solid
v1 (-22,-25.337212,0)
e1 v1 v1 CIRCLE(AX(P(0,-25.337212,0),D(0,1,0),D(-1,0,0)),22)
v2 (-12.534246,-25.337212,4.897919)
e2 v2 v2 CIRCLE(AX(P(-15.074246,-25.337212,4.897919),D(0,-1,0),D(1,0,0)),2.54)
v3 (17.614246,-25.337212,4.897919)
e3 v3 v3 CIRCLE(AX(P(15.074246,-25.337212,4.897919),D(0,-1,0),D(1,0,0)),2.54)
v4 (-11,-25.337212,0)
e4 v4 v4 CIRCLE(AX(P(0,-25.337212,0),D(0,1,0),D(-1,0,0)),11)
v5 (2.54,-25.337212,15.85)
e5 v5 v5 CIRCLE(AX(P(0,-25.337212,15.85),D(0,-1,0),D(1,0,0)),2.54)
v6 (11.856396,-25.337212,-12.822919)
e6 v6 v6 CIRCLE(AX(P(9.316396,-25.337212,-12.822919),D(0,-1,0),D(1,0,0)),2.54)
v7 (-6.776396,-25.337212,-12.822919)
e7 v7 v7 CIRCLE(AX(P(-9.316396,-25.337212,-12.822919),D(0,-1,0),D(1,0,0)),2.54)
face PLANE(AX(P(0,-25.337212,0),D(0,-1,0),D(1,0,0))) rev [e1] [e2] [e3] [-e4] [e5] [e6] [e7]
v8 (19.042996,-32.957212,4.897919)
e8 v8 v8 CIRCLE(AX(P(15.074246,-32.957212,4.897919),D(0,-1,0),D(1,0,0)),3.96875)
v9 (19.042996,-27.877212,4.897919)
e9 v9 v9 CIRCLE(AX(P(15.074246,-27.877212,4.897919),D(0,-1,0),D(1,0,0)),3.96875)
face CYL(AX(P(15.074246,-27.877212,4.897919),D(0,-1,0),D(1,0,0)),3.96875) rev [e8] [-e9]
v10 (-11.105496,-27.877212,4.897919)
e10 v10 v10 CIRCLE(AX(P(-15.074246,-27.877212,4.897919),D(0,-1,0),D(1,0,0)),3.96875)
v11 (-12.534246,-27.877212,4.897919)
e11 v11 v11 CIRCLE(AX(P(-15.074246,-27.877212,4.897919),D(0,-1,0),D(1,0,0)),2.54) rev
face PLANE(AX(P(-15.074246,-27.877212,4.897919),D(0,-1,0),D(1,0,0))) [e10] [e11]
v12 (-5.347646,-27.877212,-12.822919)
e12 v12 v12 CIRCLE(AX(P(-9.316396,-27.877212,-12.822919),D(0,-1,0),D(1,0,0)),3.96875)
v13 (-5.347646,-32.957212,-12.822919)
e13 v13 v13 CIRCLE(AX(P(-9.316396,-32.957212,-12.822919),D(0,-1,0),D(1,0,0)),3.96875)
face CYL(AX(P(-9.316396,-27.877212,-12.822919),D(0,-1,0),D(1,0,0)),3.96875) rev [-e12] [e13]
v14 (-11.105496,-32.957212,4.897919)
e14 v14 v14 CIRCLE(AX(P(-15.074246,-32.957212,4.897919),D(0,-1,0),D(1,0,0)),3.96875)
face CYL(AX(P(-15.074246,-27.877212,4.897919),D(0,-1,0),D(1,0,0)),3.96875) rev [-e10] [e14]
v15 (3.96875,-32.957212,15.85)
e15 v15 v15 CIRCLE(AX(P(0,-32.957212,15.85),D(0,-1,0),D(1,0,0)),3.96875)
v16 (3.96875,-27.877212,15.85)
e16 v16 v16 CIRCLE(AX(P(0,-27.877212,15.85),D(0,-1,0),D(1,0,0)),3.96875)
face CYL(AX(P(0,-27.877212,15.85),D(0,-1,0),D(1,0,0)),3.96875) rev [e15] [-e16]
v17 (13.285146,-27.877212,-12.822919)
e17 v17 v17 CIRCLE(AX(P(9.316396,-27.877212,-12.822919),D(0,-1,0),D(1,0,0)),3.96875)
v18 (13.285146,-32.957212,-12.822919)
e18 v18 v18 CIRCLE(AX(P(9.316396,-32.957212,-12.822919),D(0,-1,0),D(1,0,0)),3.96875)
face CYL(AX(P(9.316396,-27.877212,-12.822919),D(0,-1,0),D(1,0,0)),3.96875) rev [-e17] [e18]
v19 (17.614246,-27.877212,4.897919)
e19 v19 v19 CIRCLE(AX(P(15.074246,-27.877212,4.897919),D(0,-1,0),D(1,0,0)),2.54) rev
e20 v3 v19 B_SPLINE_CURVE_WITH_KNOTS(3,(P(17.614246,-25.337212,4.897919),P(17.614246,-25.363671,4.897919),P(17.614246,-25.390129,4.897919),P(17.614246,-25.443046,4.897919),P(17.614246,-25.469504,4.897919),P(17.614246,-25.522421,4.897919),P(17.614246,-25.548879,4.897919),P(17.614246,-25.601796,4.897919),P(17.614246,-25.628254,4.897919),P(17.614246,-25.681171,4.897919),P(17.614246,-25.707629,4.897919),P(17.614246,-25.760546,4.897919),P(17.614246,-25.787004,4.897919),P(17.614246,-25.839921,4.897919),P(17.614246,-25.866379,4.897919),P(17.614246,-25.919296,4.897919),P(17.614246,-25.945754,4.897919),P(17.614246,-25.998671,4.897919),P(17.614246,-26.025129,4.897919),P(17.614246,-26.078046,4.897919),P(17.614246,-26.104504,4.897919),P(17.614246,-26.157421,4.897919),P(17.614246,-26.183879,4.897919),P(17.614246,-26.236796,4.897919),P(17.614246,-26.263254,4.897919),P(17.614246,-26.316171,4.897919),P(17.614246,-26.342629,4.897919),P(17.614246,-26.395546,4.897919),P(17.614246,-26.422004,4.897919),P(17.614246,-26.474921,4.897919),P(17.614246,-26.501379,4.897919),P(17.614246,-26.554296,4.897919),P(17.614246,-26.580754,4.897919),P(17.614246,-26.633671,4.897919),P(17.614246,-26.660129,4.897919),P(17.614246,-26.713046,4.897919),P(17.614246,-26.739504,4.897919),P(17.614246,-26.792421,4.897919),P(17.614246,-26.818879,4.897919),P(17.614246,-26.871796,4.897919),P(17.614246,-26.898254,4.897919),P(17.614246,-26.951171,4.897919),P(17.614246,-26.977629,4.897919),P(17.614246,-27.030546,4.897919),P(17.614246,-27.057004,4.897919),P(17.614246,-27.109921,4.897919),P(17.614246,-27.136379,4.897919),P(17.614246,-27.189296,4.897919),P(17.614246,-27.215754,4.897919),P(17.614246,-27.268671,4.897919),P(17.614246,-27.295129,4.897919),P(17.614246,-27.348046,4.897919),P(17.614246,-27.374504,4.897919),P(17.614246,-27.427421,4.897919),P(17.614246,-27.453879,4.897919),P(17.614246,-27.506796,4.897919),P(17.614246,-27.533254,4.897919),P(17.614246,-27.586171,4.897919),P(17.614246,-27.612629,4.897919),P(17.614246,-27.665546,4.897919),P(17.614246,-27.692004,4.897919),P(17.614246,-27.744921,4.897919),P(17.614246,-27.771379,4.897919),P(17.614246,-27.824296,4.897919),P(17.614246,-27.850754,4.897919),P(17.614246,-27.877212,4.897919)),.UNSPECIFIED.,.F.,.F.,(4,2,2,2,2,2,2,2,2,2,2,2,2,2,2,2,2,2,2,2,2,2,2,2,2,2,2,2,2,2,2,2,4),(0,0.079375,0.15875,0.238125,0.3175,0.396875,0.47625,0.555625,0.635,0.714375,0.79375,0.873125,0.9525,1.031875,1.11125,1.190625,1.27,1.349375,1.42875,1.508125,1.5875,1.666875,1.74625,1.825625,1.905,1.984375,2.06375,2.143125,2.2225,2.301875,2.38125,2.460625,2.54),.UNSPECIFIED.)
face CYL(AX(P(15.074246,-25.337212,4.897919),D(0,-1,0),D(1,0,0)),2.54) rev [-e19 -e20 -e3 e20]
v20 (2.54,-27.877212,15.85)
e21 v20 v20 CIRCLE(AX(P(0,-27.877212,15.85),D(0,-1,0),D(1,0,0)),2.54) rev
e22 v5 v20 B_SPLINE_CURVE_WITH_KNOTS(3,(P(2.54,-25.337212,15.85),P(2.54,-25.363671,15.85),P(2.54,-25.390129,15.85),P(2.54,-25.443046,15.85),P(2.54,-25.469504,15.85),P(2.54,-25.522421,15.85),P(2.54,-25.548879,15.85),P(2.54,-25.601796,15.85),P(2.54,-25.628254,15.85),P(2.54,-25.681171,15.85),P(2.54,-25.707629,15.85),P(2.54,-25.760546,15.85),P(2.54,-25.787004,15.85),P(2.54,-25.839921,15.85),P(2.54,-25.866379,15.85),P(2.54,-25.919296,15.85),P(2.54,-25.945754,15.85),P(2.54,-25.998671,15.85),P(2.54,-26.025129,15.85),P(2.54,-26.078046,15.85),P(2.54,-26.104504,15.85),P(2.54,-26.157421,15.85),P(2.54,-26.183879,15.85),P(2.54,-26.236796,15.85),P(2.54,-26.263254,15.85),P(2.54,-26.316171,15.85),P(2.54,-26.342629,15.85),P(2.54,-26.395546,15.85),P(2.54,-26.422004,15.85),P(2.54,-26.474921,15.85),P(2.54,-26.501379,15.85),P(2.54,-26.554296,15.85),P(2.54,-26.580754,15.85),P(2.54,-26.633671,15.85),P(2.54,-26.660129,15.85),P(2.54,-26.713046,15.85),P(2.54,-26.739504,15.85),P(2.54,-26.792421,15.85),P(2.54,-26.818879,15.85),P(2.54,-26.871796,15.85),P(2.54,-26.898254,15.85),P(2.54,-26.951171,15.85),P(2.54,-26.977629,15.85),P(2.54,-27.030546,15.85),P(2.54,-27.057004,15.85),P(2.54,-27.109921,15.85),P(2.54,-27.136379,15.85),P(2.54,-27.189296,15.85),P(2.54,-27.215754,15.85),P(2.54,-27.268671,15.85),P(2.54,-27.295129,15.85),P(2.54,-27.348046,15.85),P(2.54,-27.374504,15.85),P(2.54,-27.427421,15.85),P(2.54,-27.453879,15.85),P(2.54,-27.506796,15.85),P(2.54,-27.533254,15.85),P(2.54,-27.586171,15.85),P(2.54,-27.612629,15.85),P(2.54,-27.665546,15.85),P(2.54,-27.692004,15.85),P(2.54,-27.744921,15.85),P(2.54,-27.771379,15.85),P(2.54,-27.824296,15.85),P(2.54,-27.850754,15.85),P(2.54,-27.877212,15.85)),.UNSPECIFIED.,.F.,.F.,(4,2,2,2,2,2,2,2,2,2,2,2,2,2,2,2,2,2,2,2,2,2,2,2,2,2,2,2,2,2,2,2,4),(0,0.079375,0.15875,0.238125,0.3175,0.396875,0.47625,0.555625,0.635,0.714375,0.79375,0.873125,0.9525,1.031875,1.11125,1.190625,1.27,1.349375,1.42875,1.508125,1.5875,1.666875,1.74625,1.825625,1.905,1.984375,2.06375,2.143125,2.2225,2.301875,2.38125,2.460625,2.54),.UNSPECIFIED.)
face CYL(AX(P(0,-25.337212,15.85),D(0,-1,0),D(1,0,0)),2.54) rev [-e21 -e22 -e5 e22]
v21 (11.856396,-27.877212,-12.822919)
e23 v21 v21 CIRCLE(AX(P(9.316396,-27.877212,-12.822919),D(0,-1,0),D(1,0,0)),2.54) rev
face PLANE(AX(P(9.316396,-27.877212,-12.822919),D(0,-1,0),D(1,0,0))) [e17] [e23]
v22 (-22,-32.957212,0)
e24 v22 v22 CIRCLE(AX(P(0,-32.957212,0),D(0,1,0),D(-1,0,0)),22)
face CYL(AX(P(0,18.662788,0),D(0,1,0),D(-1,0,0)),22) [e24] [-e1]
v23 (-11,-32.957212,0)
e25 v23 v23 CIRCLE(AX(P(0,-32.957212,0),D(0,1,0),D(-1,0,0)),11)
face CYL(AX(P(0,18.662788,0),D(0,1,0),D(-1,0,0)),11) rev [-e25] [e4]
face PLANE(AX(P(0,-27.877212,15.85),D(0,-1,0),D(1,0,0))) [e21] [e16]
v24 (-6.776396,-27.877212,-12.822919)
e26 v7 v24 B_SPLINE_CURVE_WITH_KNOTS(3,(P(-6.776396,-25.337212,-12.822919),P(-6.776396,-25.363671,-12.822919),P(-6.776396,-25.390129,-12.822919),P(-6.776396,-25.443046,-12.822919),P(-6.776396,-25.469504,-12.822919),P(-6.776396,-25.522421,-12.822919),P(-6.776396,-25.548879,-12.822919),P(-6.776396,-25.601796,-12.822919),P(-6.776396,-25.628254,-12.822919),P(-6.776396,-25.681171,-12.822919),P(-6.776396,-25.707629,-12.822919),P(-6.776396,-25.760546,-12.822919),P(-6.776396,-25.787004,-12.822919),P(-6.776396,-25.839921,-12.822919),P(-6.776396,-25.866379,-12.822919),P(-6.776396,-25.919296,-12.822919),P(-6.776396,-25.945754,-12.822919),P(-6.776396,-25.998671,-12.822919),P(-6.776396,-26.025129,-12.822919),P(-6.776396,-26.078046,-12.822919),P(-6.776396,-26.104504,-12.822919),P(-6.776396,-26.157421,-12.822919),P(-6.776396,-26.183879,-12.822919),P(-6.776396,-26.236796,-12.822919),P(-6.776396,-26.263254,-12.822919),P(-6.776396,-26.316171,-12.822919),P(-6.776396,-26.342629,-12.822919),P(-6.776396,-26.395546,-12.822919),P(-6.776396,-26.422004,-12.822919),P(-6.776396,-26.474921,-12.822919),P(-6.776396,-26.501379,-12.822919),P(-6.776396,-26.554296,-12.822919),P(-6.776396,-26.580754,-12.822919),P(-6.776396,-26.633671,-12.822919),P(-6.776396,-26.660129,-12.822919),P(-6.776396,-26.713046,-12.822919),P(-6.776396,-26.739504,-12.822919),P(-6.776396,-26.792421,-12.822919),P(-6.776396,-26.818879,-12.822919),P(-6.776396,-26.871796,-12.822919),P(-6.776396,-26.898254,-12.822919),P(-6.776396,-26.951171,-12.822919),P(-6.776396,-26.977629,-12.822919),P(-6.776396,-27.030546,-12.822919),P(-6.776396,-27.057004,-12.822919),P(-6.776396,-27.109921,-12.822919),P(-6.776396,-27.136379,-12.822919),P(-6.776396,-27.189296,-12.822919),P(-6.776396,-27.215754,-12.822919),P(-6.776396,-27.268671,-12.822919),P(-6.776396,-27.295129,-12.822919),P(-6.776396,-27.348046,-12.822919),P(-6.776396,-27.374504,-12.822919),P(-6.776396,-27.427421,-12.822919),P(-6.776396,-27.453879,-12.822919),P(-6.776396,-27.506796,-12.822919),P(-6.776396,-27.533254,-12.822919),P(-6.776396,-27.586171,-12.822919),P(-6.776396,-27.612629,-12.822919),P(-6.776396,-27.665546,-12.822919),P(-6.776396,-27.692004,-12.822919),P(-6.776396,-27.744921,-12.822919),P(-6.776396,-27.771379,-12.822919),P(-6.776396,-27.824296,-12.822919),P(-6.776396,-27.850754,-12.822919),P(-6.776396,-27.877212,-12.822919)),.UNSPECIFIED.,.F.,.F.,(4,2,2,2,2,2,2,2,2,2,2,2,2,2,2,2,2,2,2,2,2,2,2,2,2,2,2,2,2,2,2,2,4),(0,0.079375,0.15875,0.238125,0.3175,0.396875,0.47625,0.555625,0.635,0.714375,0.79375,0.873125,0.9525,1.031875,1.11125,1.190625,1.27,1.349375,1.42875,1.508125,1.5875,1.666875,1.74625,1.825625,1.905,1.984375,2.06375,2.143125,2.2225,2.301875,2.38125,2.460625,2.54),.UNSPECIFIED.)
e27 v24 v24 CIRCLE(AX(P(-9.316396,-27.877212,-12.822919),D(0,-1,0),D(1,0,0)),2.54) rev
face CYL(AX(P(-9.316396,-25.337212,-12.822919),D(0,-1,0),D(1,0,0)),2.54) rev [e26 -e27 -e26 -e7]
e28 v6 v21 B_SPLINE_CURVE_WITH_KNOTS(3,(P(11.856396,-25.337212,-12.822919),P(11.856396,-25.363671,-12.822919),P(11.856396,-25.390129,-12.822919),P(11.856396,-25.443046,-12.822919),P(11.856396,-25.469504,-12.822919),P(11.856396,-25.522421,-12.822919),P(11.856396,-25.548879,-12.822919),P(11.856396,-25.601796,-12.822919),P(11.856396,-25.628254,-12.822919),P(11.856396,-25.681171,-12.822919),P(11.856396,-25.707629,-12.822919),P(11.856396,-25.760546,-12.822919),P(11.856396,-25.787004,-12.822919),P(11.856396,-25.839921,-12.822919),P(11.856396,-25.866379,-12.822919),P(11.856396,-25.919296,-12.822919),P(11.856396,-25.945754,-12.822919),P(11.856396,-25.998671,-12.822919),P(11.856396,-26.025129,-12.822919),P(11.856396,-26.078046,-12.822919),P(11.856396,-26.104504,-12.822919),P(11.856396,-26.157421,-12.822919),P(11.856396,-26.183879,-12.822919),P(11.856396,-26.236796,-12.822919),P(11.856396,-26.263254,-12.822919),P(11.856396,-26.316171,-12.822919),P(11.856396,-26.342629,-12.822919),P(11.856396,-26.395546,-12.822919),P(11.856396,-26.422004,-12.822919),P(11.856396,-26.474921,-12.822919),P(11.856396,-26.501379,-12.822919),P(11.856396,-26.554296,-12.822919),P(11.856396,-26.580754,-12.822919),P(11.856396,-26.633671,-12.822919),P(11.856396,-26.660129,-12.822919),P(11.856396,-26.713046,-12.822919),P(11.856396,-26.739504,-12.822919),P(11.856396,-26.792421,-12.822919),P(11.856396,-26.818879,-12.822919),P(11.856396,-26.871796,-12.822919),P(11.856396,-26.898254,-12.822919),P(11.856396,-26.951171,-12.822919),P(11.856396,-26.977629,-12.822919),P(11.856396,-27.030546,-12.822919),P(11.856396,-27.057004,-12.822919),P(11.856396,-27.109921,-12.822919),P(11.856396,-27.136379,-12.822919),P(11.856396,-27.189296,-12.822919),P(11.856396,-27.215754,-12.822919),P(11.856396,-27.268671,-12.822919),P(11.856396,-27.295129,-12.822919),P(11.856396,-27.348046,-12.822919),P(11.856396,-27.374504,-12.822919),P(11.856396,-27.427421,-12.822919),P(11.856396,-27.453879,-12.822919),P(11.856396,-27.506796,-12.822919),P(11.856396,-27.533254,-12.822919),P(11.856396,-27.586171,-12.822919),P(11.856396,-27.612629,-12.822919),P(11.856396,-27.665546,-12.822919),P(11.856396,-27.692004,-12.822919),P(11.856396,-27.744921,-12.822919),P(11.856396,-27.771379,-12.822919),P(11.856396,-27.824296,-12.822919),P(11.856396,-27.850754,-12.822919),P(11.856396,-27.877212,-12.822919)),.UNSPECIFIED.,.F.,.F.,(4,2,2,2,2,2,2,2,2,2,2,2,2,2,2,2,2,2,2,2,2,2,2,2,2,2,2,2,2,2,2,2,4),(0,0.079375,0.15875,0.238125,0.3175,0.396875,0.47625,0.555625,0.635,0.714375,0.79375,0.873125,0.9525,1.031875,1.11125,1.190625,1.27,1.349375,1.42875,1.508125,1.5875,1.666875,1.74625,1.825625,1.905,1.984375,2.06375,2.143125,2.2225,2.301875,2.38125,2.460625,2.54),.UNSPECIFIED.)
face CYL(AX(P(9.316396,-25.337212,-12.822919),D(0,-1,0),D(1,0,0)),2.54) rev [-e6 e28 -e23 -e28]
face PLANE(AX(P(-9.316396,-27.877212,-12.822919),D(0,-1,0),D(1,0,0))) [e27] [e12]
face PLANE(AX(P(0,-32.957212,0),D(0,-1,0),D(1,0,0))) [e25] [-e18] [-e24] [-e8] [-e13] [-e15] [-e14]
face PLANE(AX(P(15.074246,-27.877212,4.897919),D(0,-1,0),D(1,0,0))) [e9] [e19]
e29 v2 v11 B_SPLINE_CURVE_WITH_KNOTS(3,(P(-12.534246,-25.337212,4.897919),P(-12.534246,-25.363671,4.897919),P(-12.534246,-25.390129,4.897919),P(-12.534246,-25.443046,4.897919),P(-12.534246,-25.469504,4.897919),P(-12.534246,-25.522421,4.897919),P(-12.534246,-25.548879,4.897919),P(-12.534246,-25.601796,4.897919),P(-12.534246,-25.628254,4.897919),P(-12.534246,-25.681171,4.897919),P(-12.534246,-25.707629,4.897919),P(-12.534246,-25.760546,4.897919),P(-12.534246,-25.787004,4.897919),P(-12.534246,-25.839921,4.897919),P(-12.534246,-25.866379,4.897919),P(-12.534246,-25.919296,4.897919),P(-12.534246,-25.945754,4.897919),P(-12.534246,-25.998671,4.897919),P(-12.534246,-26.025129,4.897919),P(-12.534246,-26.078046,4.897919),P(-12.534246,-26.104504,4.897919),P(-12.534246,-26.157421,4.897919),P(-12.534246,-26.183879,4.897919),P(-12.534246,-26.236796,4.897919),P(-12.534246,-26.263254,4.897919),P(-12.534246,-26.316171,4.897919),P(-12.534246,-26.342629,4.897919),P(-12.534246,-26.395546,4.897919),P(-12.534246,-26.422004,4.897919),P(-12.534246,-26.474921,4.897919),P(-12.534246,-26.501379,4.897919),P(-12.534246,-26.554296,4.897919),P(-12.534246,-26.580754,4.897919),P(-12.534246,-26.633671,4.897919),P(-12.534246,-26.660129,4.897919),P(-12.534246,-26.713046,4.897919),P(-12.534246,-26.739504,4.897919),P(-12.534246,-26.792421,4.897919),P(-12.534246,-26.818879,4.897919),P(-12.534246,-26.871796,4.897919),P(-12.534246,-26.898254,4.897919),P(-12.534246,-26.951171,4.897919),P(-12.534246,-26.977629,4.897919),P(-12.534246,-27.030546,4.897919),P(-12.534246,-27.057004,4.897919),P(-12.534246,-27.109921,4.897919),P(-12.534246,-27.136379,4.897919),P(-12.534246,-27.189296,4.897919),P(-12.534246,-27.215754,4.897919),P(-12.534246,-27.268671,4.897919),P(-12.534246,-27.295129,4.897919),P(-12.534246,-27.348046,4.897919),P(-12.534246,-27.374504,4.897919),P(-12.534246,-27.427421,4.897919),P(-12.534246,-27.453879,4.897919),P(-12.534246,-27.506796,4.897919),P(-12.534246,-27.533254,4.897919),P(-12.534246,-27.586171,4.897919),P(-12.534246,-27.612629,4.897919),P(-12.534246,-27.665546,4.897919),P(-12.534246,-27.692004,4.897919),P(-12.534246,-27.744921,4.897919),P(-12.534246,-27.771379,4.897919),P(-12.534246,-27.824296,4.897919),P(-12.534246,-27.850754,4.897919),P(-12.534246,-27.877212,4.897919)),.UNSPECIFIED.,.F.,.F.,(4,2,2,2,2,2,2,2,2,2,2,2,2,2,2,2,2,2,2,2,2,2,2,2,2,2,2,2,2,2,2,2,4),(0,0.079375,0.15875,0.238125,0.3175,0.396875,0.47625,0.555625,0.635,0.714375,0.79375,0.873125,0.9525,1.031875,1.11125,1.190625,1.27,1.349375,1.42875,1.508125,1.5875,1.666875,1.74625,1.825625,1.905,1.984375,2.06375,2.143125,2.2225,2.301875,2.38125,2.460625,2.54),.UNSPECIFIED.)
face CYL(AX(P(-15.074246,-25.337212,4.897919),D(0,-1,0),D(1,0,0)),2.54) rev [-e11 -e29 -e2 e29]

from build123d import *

# Parameters (mm, degrees)
SKETCH1_W          = 11
SKETCH1_H          = 7.62
SKETCH2_R          = 2.54
CUT_EXTRUDE1_DEPTH = 33.032240009
SKETCH3_R          = 3.96875
CUT_EXTRUDE2_DEPTH = 5.08


with BuildPart() as part:
    # Sketch1 → Revolve1 (revolve)
    with BuildSketch(Plane.XY, mode=Mode.PRIVATE) as revolve1_sk:
        with Locations((16.5, -29.147212191)):
            Rectangle(SKETCH1_W, SKETCH1_H)
    revolve(revolve1_sk.sketch.rotate(Axis((0, 18.662787809, 0), (0, -1, 0)), 180), axis=Axis((0, 18.662787809, 0), (0, -1, 0)))

    # Sketch2 → Cut-Extrude1 (cut, through all)
    with BuildSketch(Plane.XZ.offset(32.957212191)):
        with Locations((15.074245783, 4.897919361)):
            Circle(SKETCH2_R)
        with Locations((0, 15.85)):
            Circle(SKETCH2_R)
        with Locations((9.316396249, -12.822919361)):
            Circle(SKETCH2_R)
        with Locations((-9.316396249, -12.822919361)):
            Circle(SKETCH2_R)
        with Locations((-15.074245783, 4.897919361)):
            Circle(SKETCH2_R)
    extrude(amount=-CUT_EXTRUDE1_DEPTH, mode=Mode.SUBTRACT)

    # Sketch3 → Cut-Extrude2 (cut)
    with BuildSketch(Plane(origin=(0, -32.957212191, 0), x_dir=(-1, 0, 0), z_dir=(0, -1, 0))):
        with Locations(Location((0, -15.85, 0), (0, 0, 180))):
            Circle(SKETCH3_R)
        with Locations(Location((-15.074245783, -4.897919361, 0), (0, 0, 180))):
            Circle(SKETCH3_R)
        with Locations(Location((-9.316396249, 12.822919361, 0), (0, 0, 180))):
            Circle(SKETCH3_R)
        with Locations(Location((9.316396249, 12.822919361, 0), (0, 0, 180))):
            Circle(SKETCH3_R)
        with Locations(Location((15.074245783, -4.897919361, 0), (0, 0, 180))):
            Circle(SKETCH3_R)
    extrude(amount=-CUT_EXTRUDE2_DEPTH, mode=Mode.SUBTRACT)


solid = part.part
